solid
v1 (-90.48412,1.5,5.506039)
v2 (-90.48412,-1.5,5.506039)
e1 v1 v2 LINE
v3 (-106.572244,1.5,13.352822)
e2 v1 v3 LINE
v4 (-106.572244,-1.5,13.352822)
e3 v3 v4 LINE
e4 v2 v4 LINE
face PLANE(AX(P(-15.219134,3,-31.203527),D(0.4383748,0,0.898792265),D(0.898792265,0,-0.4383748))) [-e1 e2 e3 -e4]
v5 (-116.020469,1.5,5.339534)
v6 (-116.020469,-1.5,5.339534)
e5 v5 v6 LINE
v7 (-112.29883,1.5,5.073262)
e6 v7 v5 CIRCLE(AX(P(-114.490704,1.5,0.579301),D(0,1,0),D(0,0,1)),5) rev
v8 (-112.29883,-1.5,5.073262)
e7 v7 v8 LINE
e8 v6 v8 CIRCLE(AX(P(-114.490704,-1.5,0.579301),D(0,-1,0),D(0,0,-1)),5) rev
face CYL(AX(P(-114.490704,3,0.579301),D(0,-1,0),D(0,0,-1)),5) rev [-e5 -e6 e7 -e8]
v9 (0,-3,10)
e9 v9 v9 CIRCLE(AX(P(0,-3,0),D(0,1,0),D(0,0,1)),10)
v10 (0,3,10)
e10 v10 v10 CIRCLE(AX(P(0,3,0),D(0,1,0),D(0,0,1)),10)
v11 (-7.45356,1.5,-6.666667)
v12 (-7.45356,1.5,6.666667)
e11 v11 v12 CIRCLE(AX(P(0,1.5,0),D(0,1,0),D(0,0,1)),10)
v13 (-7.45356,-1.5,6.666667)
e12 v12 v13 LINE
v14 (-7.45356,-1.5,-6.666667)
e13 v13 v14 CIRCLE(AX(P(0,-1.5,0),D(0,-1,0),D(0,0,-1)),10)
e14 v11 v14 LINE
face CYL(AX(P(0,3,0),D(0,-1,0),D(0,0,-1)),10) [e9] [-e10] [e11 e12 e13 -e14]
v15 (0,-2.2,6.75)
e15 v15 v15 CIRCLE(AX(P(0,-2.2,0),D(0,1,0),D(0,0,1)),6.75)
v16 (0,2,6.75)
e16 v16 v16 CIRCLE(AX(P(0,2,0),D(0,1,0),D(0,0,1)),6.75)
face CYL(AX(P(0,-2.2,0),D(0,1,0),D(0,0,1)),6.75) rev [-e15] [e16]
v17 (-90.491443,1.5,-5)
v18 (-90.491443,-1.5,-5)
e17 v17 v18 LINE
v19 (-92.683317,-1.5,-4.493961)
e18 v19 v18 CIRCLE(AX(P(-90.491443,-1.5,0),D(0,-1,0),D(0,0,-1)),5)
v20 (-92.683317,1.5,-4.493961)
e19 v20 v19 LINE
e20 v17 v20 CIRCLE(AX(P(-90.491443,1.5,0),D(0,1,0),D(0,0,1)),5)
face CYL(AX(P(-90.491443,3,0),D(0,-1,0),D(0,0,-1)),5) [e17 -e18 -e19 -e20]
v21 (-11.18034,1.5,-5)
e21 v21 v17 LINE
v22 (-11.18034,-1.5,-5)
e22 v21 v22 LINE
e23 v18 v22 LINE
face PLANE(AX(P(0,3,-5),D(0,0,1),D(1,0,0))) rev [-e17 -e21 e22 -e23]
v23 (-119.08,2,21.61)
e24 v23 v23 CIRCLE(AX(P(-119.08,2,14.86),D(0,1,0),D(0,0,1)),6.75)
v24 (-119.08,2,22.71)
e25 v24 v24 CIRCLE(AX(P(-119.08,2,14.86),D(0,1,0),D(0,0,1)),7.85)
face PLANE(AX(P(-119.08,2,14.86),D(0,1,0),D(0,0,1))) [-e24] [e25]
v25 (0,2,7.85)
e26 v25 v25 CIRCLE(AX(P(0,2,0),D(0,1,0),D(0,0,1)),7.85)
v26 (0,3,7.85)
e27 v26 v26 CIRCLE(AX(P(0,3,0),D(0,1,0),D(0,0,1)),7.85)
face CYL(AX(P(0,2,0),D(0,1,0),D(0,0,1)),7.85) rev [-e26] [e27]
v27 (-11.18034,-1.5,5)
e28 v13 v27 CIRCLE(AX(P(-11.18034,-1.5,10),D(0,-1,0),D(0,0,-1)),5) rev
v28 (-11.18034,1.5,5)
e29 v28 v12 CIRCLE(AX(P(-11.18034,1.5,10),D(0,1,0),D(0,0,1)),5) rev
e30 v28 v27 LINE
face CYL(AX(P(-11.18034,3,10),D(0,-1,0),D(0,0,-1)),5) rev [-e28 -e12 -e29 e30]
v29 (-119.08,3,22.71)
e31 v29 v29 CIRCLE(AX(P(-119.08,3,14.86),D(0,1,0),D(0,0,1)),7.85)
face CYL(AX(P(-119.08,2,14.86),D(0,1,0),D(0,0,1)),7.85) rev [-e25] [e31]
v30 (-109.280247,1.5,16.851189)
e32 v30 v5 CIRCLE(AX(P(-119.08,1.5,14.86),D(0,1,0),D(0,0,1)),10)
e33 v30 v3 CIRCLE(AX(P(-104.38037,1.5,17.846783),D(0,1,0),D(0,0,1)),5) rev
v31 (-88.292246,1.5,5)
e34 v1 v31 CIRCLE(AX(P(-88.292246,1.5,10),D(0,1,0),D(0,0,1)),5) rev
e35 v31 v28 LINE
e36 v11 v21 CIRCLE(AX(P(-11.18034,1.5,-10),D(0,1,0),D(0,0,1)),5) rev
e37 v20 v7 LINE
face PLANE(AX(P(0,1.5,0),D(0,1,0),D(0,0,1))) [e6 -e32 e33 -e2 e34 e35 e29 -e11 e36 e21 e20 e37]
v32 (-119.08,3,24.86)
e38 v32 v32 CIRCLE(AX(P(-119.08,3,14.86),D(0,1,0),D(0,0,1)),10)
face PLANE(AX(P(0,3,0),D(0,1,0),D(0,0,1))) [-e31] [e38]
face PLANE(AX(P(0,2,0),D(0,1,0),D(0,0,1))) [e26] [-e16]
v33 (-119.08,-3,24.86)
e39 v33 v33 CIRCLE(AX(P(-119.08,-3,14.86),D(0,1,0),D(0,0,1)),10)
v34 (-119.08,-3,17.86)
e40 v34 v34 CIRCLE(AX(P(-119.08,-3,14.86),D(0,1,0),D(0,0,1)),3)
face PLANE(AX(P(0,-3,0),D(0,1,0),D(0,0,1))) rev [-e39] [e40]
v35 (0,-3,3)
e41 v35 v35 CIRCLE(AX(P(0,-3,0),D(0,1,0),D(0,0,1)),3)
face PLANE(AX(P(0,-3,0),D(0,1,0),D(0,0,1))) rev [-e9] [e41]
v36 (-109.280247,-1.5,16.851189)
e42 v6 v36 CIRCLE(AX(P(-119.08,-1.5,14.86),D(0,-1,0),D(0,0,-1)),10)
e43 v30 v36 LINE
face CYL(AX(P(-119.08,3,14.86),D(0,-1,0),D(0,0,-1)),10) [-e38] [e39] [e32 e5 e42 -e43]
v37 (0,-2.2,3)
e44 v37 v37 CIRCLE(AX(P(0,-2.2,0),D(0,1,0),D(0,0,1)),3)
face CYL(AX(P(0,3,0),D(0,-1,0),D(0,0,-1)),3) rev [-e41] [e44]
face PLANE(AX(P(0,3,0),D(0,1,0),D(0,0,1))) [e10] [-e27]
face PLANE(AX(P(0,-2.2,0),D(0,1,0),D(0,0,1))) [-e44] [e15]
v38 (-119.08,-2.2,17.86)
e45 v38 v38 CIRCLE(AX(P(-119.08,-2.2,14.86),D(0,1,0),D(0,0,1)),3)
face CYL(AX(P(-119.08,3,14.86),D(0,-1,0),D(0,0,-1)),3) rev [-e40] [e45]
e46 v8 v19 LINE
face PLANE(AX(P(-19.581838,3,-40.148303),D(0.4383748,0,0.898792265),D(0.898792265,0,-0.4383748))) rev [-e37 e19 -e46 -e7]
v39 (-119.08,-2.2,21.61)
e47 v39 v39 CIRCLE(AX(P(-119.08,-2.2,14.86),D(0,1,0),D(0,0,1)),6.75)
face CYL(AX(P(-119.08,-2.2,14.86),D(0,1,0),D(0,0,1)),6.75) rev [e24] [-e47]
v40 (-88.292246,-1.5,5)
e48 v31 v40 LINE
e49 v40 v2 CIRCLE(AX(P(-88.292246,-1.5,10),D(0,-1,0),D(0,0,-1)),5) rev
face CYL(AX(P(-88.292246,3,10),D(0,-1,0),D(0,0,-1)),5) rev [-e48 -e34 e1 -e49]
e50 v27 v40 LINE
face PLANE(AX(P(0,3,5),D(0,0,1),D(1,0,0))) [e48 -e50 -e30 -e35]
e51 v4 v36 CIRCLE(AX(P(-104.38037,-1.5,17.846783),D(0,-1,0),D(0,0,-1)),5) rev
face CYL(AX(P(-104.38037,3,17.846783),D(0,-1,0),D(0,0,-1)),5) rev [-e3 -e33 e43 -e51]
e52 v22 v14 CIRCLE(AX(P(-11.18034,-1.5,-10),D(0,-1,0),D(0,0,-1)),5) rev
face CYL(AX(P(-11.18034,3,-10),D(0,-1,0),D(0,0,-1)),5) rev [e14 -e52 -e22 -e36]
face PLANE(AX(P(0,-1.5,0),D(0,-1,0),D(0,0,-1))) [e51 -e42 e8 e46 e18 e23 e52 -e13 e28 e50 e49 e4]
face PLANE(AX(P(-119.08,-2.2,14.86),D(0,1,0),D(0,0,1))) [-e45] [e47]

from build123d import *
from build123d.topology import SkipClean

# Parameters (mm, degrees)
SKETCH1_R           = 7.85
SKETCH1_R_2         = 3
BOSS_EXTRUDE1_DEPTH = 3
BOSS_EXTRUDE2_START = -6
BOSS_EXTRUDE2_DEPTH = 6
CUT_EXTRUDE1_DEPTH  = 1.5
CUT_EXTRUDE3_START  = -1.5
CUT_EXTRUDE3_DEPTH  = 1.5
SKETCH6_R           = 7.85
CUT_EXTRUDE4_DEPTH  = 1
SKETCH7_R           = 6.75
CUT_EXTRUDE5_DEPTH  = 4.2


with BuildPart() as part:
    # Sketch1 → Boss-Extrude1 (new, symmetric)
    # profile 1 of 7: a face of its own
    with BuildSketch(Plane(origin=(0, 0, 0), x_dir=(1, 0, 0), z_dir=(0, 1, 0))):
        with BuildLine():
            Line((10, 0), (7.85, 0))
            ThreePointArc((7.85, 0), (0, -7.85), (-7.85, 0))
            Line((-7.85, 0), (-101.897208147, 0))
            Line((-101.897208147, 0), (-112.298830122, -5.073262344))
            ThreePointArc((-112.298830122, -5.073262344), (-114.133881847, -5.566552555), (-116.020469414, -5.339534014))
            ThreePointArc((-116.020469414, -5.339534014), (-127.076790304, -20.864277212), (-109.083980094, -14.577890036))
            Line((-109.083980094, -14.577890036), (-90.484120267, -5.506038677))
            ThreePointArc((-90.484120267, -5.506038677), (-89.41701144, -5.128151962), (-88.292246268, -5))
            Line((-88.292246268, -5), (-11.180339887, -5))
            ThreePointArc((-11.180339887, -5), (-9.139098435, -5.435645354), (-7.453559925, -6.666666667))
            ThreePointArc((-7.453559925, -6.666666667), (3.568220898, -9.34172359), (10, 0))
        make_face()
        with Locations((-119.08, -14.86)):
            Circle(SKETCH1_R, mode=Mode.SUBTRACT)
    # profile 2 of 7: a face of its own
    with BuildSketch(Plane(origin=(0, 0, 0), x_dir=(1, 0, 0), z_dir=(0, 1, 0))):
        with Locations((-119.08, -14.86)):
            Circle(SKETCH1_R)
        with Locations(Location((-119.08, -14.86, 0), (0, 0, 270))):
            Circle(SKETCH1_R_2, mode=Mode.SUBTRACT)
    # profile 3 of 7: a face of its own
    with BuildSketch(Plane(origin=(0, 0, 0), x_dir=(1, 0, 0), z_dir=(0, 1, 0))):
        with BuildLine():
            ThreePointArc((-7.85, 0), (0, 7.85), (7.85, 0))
            Line((7.85, 0), (10, 0))
            ThreePointArc((10, 0), (3.568220898, 9.34172359), (-7.453559925, 6.666666667))
            ThreePointArc((-7.453559925, 6.666666667), (-9.139098435, 5.435645354), (-11.180339887, 5))
            Line((-11.180339887, 5), (-90.491443028, 5))
            ThreePointArc((-90.491443028, 5), (-91.616208201, 4.871848038), (-92.683317027, 4.493961323))
            Line((-92.683317027, 4.493961323), (-101.897208147, 0))
            Line((-101.897208147, 0), (-7.85, 0))
        make_face()
    # profile 4 of 7: a face of its own
    with BuildSketch(Plane(origin=(0, 0, 0), x_dir=(1, 0, 0), z_dir=(0, 1, 0))):
        with BuildLine():
            ThreePointArc((-3, 0), (0, 3), (3, 0))
            Line((3, 0), (7.85, 0))
            ThreePointArc((7.85, 0), (0, 7.85), (-7.85, 0))
            Line((-7.85, 0), (-3, 0))
        make_face()
    # profile 5 of 7: a face of its own
    with BuildSketch(Plane(origin=(0, 0, 0), x_dir=(1, 0, 0), z_dir=(0, 1, 0))):
        with BuildLine():
            Line((7.85, 0), (3, 0))
            ThreePointArc((3, 0), (0, -3), (-3, 0))
            Line((-3, 0), (-7.85, 0))
            ThreePointArc((-7.85, 0), (0, -7.85), (7.85, 0))
        make_face()
    # profile 6 of 7: a face of its own
    with BuildSketch(Plane(origin=(0, 0, 0), x_dir=(1, 0, 0), z_dir=(0, 1, 0))):
        with BuildLine():
            ThreePointArc((-3, 0), (0, 3), (3, 0))
            Line((3, 0), (7.85, 0))
            ThreePointArc((7.85, 0), (0, 7.85), (-7.85, 0))
            Line((-7.85, 0), (-3, 0))
        make_face()
    # profile 7 of 7: a face of its own
    with BuildSketch(Plane(origin=(0, 0, 0), x_dir=(1, 0, 0), z_dir=(0, 1, 0))):
        with BuildLine():
            Line((7.85, 0), (3, 0))
            ThreePointArc((3, 0), (0, -3), (-3, 0))
            Line((-3, 0), (-7.85, 0))
            ThreePointArc((-7.85, 0), (0, -7.85), (7.85, 0))
        make_face()
    extrude(amount=BOSS_EXTRUDE1_DEPTH, both=True)

    # Sketch3 → Boss-Extrude2 (add)
    with BuildSketch(Plane.XZ.offset(3).offset(BOSS_EXTRUDE2_START)):
        with BuildLine():
            Line((-109.083980094, 14.577890036), (-106.572243843, 13.352821776))
            ThreePointArc((-106.572243843, 13.352821776), (-108.334212899, 14.786207157), (-109.280246563, 16.851188733))
            ThreePointArc((-109.280246563, 16.851188733), (-109.117062064, 15.720155621), (-109.083980094, 14.577890036))
        make_face()
        with BuildLine():
            Line((-109.737977242, 15.328711334), (-109.083980094, 14.577890036))
            ThreePointArc((-109.083980094, 14.577890036), (-109.117062064, 15.720155621), (-109.280246563, 16.851188733))
            Line((-109.280246563, 16.851188733), (-109.737977242, 15.328711334))
        make_face()
    extrude(amount=BOSS_EXTRUDE2_DEPTH)

    # Sketch4 → Cut-Extrude1 (cut)
    with SkipClean():  # the faces are left unmerged after this step: merging them gives an invalid solid
        with BuildSketch(Plane(origin=(0, 3, 0), x_dir=(1, 0, 0), z_dir=(0, 1, 0))):
            with BuildLine():
                ThreePointArc((-7.453559925, 6.666666667), (-9.139098435, 5.435645354), (-11.180339887, 5))
                Line((-11.180339887, 5), (-90.491443028, 5))
                ThreePointArc((-90.491443028, 5), (-91.616208201, 4.871848038), (-92.683317027, 4.493961323))
                Line((-92.683317027, 4.493961323), (-112.298830122, -5.073262344))
                ThreePointArc((-112.298830122, -5.073262344), (-114.133881847, -5.566552555), (-116.020469414, -5.339534014))
                ThreePointArc((-116.020469414, -5.339534014), (-111.083209696, -8.855722788), (-109.083980094, -14.577890036))
                Line((-109.083980094, -14.577890036), (-106.572243843, -13.352821776))
                Line((-106.572243843, -13.352821776), (-90.484120267, -5.506038677))
                ThreePointArc((-90.484120267, -5.506038677), (-89.41701144, -5.128151962), (-88.292246268, -5))
                Line((-88.292246268, -5), (-11.180339887, -5))
                ThreePointArc((-11.180339887, -5), (-9.139098435, -5.435645354), (-7.453559925, -6.666666667))
                ThreePointArc((-7.453559925, -6.666666667), (-10, 0), (-7.453559925, 6.666666667))
            make_face()
            with BuildLine():
                Line((-106.572243843, -13.352821776), (-109.083980094, -14.577890036))
                ThreePointArc((-109.083980094, -14.577890036), (-109.080995073, -14.718930981), (-109.08, -14.86))
                ThreePointArc((-109.08, -14.86), (-109.13018758, -15.860616217), (-109.280246563, -16.851188733))
                ThreePointArc((-109.280246563, -16.851188733), (-108.334212899, -14.786207157), (-106.572243843, -13.352821776))
            make_face()
        extrude(amount=-CUT_EXTRUDE1_DEPTH, mode=Mode.SUBTRACT)

    # Sketch5 → Cut-Extrude3 (cut)
    with SkipClean():  # the faces are left unmerged after this step: merging them gives an invalid solid
        with BuildSketch(Plane.XZ.offset(3).offset(CUT_EXTRUDE3_START)):
            with BuildLine():
                ThreePointArc((-106.572243843, 13.352821776), (-108.334212899, 14.786207157), (-109.280246563, 16.851188733))
                ThreePointArc((-109.280246563, 16.851188733), (-109.13018758, 15.860616217), (-109.08, 14.86))
                ThreePointArc((-109.08, 14.86), (-109.080995073, 14.718930981), (-109.083980094, 14.577890036))
                Line((-109.083980094, 14.577890036), (-106.572243843, 13.352821776))
            make_face()
            with BuildLine():
                Line((-90.491443028, -5), (-11.180339887, -5))
                ThreePointArc((-11.180339887, -5), (-9.139098435, -5.435645354), (-7.453559925, -6.666666667))
                ThreePointArc((-7.453559925, -6.666666667), (-10, 0), (-7.453559925, 6.666666667))
                ThreePointArc((-7.453559925, 6.666666667), (-9.139098435, 5.435645354), (-11.180339887, 5))
                Line((-11.180339887, 5), (-88.292246268, 5))
                ThreePointArc((-88.292246268, 5), (-89.41701144, 5.128151962), (-90.484120267, 5.506038677))
                Line((-90.484120267, 5.506038677), (-106.572243843, 13.352821776))
                Line((-106.572243843, 13.352821776), (-109.083980094, 14.577890036))
                ThreePointArc((-109.083980094, 14.577890036), (-111.083209696, 8.855722788), (-116.020469414, 5.339534014))
                ThreePointArc((-116.020469414, 5.339534014), (-114.133881847, 5.566552555), (-112.298830122, 5.073262344))
                Line((-112.298830122, 5.073262344), (-92.683317027, -4.493961323))
                ThreePointArc((-92.683317027, -4.493961323), (-91.616208201, -4.871848038), (-90.491443028, -5))
            make_face()
        extrude(amount=CUT_EXTRUDE3_DEPTH, mode=Mode.SUBTRACT)

    # Sketch6 → Cut-Extrude4 (cut)
    with SkipClean():  # the faces are left unmerged after this step: merging them gives an invalid solid
        with BuildSketch(Plane(origin=(0, 3, 0), x_dir=(1, 0, 0), z_dir=(0, 1, 0))):
            with Locations(Location((-119.08, -14.86, 0), (0, 0, 270))):
                Circle(SKETCH6_R)
            with Locations(Location((0, 0, 0), (0, 0, 270))):
                Circle(SKETCH6_R)
        extrude(amount=-CUT_EXTRUDE4_DEPTH, mode=Mode.SUBTRACT)

    # Sketch7 → Cut-Extrude5 (cut)
    with SkipClean():  # the faces are left unmerged after this step: merging them gives an invalid solid
        with BuildSketch(Plane(origin=(0, 2, 0), x_dir=(1, 0, 0), z_dir=(0, 1, 0))):
            with Locations(Location((-119.08, -14.86, 0), (0, 0, 270))):
                Circle(SKETCH7_R)
            with Locations(Location((0, 0, 0), (0, 0, 270))):
                Circle(SKETCH7_R)
        extrude(amount=-CUT_EXTRUDE5_DEPTH, mode=Mode.SUBTRACT)


solid = part.part
